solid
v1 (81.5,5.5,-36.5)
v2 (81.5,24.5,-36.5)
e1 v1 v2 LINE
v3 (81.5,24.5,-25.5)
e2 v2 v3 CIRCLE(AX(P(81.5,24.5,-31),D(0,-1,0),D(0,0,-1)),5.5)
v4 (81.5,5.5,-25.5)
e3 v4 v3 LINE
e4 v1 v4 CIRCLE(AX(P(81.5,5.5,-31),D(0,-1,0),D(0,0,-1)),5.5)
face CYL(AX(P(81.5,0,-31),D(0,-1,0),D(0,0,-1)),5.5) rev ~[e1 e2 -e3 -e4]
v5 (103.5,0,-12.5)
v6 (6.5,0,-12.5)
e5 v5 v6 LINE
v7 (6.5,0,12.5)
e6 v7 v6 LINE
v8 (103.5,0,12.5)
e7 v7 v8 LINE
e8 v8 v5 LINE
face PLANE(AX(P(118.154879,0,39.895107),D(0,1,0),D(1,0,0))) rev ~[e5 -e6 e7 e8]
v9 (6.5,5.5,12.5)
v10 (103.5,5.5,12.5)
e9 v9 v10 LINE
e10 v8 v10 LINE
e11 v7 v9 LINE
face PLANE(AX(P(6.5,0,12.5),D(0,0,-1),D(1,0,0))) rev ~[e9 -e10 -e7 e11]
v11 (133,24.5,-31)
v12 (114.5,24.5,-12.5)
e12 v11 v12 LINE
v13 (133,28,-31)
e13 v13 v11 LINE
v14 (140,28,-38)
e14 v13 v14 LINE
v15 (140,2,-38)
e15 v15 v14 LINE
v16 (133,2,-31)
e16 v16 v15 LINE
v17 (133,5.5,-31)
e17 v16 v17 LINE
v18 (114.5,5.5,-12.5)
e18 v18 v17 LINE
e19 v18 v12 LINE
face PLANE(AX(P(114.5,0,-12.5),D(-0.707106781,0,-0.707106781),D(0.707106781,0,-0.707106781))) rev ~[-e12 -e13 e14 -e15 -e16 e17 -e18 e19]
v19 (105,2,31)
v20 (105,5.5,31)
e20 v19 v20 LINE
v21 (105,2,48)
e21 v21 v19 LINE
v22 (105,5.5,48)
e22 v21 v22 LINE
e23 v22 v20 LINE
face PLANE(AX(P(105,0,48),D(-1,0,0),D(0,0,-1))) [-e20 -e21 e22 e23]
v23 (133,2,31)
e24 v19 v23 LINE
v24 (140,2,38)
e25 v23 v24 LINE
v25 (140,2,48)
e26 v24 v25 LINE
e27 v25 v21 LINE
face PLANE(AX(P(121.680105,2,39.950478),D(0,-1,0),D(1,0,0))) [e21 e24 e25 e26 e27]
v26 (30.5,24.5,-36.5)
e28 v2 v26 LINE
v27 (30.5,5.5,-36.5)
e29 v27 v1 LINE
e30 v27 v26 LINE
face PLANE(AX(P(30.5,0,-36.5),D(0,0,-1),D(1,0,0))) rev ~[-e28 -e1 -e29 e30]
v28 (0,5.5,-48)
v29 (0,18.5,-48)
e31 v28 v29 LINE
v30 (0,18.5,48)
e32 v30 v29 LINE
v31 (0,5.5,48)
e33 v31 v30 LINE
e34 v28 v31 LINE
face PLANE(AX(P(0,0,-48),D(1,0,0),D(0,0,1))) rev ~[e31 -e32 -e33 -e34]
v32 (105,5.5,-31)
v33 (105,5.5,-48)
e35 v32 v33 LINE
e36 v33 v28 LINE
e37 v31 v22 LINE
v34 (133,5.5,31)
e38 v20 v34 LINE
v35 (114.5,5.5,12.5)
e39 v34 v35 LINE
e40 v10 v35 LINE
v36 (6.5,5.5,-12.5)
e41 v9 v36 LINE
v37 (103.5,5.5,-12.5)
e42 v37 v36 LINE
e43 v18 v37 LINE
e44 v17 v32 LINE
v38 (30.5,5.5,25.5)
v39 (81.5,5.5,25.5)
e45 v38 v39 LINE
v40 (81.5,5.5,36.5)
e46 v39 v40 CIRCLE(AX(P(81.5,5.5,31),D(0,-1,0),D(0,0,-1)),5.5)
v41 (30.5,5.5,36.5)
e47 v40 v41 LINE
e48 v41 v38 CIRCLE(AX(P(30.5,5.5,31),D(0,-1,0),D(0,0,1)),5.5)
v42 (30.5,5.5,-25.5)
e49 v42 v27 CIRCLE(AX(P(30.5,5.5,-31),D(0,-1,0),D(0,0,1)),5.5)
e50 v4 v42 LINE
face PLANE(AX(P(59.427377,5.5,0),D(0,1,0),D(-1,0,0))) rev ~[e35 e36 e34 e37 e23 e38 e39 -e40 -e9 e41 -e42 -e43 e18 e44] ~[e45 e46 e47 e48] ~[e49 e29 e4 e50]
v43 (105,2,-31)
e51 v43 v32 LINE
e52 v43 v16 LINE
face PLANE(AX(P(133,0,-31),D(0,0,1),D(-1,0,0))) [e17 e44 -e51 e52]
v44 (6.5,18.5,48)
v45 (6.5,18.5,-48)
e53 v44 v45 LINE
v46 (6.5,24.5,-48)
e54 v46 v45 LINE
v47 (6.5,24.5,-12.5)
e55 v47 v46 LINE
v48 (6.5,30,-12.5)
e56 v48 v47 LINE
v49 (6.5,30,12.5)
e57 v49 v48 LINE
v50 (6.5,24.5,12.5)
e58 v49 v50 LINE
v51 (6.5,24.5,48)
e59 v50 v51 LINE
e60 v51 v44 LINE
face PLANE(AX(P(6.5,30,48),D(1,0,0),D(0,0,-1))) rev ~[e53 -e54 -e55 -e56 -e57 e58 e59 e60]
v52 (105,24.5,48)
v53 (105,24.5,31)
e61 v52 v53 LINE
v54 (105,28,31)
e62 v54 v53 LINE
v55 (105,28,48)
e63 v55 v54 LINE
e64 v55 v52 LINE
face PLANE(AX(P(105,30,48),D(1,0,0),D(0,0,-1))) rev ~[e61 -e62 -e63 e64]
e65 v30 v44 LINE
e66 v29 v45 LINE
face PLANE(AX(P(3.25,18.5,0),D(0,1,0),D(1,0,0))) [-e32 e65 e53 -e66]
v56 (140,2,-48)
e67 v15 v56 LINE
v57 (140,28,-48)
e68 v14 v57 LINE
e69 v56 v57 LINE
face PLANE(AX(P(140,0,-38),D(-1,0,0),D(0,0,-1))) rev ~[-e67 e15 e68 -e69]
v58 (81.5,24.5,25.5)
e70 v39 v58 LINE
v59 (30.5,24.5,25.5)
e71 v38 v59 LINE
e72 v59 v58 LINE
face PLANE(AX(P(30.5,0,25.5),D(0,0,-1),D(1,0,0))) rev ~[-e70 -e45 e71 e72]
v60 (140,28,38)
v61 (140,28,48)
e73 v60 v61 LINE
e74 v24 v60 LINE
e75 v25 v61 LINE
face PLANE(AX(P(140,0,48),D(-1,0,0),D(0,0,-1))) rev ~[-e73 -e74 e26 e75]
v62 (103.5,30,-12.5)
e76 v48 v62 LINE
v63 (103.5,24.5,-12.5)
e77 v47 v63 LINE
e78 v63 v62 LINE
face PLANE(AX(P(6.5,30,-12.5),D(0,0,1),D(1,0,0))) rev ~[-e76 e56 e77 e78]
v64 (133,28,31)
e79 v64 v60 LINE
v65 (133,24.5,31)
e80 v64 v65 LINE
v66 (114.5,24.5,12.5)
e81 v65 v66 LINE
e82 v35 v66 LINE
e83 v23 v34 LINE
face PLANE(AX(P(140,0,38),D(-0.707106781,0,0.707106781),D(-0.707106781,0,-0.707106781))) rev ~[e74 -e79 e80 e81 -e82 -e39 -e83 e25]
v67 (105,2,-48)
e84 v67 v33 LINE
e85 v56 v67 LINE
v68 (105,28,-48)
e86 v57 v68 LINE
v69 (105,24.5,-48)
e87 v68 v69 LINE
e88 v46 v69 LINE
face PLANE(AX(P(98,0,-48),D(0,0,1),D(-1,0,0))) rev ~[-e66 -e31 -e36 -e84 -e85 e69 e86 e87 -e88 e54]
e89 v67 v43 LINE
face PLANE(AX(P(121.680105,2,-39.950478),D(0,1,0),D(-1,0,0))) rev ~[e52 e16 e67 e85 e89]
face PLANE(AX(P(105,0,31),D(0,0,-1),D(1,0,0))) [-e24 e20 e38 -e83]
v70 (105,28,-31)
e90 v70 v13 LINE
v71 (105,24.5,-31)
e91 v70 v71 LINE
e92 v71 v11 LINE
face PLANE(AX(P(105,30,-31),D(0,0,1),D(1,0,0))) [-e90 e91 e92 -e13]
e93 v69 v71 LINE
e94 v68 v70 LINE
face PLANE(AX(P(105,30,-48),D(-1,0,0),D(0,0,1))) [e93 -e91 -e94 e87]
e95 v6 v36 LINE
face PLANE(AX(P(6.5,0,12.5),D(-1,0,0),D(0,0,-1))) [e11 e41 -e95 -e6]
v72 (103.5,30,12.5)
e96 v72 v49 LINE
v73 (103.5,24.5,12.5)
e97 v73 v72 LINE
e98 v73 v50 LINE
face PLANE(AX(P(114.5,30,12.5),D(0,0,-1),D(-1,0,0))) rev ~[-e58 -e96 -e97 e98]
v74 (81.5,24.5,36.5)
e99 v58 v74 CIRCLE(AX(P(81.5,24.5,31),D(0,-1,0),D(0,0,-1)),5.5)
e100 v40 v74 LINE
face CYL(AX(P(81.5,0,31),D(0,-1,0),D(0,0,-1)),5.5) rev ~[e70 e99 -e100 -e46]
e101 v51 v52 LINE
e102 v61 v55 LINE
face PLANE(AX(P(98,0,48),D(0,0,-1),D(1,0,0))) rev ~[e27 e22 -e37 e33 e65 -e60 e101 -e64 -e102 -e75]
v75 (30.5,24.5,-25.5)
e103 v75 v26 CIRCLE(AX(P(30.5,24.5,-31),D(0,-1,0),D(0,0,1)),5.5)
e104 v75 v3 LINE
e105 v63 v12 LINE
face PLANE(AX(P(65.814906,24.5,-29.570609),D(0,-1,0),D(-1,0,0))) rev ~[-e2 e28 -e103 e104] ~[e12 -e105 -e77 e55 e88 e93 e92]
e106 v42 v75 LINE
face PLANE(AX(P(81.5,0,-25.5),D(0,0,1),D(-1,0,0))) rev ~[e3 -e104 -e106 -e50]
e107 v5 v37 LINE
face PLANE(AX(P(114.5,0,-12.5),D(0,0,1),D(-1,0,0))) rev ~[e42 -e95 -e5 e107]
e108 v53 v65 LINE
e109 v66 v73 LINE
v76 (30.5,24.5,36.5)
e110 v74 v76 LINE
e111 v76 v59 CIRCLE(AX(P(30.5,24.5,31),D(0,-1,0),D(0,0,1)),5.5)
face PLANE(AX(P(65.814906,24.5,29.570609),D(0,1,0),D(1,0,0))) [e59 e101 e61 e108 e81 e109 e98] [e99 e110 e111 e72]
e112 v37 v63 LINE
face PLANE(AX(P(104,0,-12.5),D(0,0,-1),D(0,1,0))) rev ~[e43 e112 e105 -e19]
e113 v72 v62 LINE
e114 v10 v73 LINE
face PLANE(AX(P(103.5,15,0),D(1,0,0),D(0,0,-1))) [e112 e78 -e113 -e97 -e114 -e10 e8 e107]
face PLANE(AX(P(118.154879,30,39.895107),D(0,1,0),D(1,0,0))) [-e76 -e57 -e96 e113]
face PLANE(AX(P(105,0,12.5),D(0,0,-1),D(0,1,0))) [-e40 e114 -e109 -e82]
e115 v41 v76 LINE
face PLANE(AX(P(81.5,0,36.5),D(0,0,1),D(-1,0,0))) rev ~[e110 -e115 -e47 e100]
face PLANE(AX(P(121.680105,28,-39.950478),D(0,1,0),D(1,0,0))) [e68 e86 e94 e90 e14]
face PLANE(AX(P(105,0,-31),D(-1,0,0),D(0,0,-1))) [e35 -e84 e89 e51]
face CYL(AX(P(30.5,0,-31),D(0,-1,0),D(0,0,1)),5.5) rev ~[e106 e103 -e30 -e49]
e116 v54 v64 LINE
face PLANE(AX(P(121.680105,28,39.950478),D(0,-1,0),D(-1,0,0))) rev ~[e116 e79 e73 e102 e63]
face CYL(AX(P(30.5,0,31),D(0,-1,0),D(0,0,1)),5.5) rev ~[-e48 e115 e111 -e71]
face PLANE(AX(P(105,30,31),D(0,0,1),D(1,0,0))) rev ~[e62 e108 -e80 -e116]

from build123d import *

# Parameters (mm, degrees)
BOSS_EXTRUDE1_DEPTH = 30
CUT_EXTRUDE1_DEPTH  = 2
CUT_EXTRUDE2_DEPTH  = 2
SKETCH5_W           = 6.5
SKETCH5_H           = 96
CUT_EXTRUDE3_DEPTH  = 11.5
CUT_EXTRUDE4_DEPTH  = 5.5
CUT_EXTRUDE5_DEPTH  = 5.5
SKETCH8_W           = 25
SKETCH8_H           = 30
CUT_EXTRUDE6_DEPTH  = 1
SKETCH9_W           = 25
SKETCH9_H           = 30
CUT_EXTRUDE7_DEPTH  = 0.5


with BuildPart() as part:
    # Sketch2 → Boss-Extrude1 (new body)
    # profile 1 of 3: a face of its own
    with BuildSketch(Plane(origin=(0, 0, 0), x_dir=(1, 0, 0), z_dir=(0, 1, 0))):
        Polygon((114.5, 12.5), (133, 31), (98, 31), (98, 48), (0, 48), (0, -48), (98, -48), (98, -31), (133, -31), (114.5, -12.5), (105, -12.5), (105, 12.5), align=None)
        with BuildLine():
            Line((81.5, -36.5), (30.5, -36.5))
            ThreePointArc((30.5, -36.5), (25, -31), (30.5, -25.5))
            Line((30.5, -25.5), (81.5, -25.5))
            ThreePointArc((81.5, -25.5), (87, -31), (81.5, -36.5))
        make_face(mode=Mode.SUBTRACT)
        with BuildLine():
            ThreePointArc((30.5, 25.5), (25, 31), (30.5, 36.5))
            Line((30.5, 36.5), (81.5, 36.5))
            ThreePointArc((81.5, 36.5), (87, 31), (81.5, 25.5))
            Line((81.5, 25.5), (30.5, 25.5))
        make_face(mode=Mode.SUBTRACT)
    # profile 2 of 3: a face of its own
    with BuildSketch(Plane(origin=(0, 0, 0), x_dir=(1, 0, 0), z_dir=(0, 1, 0))):
        Polygon((133, 31), (140, 38), (140, 48), (98, 48), (98, 31), align=None)
    # profile 3 of 3: a face of its own
    with BuildSketch(Plane(origin=(0, 0, 0), x_dir=(1, 0, 0), z_dir=(0, 1, 0))):
        Polygon((98, -31), (98, -48), (140, -48), (140, -38), (133, -31), align=None)
    extrude(amount=BOSS_EXTRUDE1_DEPTH)

    # Sketch3 → Cut-Extrude1 (cut)
    with BuildSketch(Plane(origin=(0, 30, 0), x_dir=(1, 0, 0), z_dir=(0, 1, 0))):
        Polygon((105, 48), (105, 31), (133, 31), (140, 38), (140, 48), align=None)
        Polygon((140, -38), (140, -48), (105, -48), (105, -31), (133, -31), align=None)
    extrude(amount=-CUT_EXTRUDE1_DEPTH, mode=Mode.SUBTRACT)

    # Sketch4 → Cut-Extrude2 (cut)
    with BuildSketch(Plane.XZ):
        Polygon((105, 48), (105, 31), (133, 31), (140, 38), (140, 48), align=None)
        Polygon((105, -48), (105, -31), (133, -31), (140, -38), (140, -48), align=None)
    extrude(amount=-CUT_EXTRUDE2_DEPTH, mode=Mode.SUBTRACT)

    # Sketch5 → Cut-Extrude3 (cut)
    with BuildSketch(Plane(origin=(0, 30, 0), x_dir=(1, 0, 0), z_dir=(0, 1, 0))):
        with Locations((3.25, 0)):
            Rectangle(SKETCH5_W, SKETCH5_H)
    extrude(amount=-CUT_EXTRUDE3_DEPTH, mode=Mode.SUBTRACT)

    # Sketch6 → Cut-Extrude4 (cut)
    with BuildSketch(Plane(origin=(0, 30, 0), x_dir=(1, 0, 0), z_dir=(0, 1, 0))):
        Polygon((105, 12.5), (6.5, 12.5), (6.5, 48), (105, 48), (105, 31), (133, 31), (114.5, 12.5), align=None)
        Polygon((105, -12.5), (6.5, -12.5), (6.5, -48), (105, -48), (105, -31), (133, -31), (114.5, -12.5), align=None)
    extrude(amount=-CUT_EXTRUDE4_DEPTH, mode=Mode.SUBTRACT)

    # Sketch7 → Cut-Extrude5 (cut)
    with BuildSketch(Plane.XZ):
        Polygon((105, 12.5), (6.5, 12.5), (6.5, -12.5), (105, -12.5), (114.5, -12.5), (133, -31), (105, -31), (105, -48), (0, -48), (0, 48), (105, 48), (105, 31), (133, 31), (114.5, 12.5), align=None)
    extrude(amount=-CUT_EXTRUDE5_DEPTH, mode=Mode.SUBTRACT)

    # Sketch8 → Cut-Extrude6 (cut)
    with BuildSketch(Plane(origin=(105, 0, 0), x_dir=(0, 0, -1), z_dir=(1, 0, 0))):
        with Locations((0, 15)):
            Rectangle(SKETCH8_W, SKETCH8_H)
    extrude(amount=-CUT_EXTRUDE6_DEPTH, mode=Mode.SUBTRACT)

    # Sketch9 → Cut-Extrude7 (cut)
    with BuildSketch(Plane(origin=(104, 0, 0), x_dir=(0, 0, -1), z_dir=(1, 0, 0))):
        with Locations((0, 15)):
            Rectangle(SKETCH9_W, SKETCH9_H)
    extrude(amount=-CUT_EXTRUDE7_DEPTH, mode=Mode.SUBTRACT)


solid = part.part
